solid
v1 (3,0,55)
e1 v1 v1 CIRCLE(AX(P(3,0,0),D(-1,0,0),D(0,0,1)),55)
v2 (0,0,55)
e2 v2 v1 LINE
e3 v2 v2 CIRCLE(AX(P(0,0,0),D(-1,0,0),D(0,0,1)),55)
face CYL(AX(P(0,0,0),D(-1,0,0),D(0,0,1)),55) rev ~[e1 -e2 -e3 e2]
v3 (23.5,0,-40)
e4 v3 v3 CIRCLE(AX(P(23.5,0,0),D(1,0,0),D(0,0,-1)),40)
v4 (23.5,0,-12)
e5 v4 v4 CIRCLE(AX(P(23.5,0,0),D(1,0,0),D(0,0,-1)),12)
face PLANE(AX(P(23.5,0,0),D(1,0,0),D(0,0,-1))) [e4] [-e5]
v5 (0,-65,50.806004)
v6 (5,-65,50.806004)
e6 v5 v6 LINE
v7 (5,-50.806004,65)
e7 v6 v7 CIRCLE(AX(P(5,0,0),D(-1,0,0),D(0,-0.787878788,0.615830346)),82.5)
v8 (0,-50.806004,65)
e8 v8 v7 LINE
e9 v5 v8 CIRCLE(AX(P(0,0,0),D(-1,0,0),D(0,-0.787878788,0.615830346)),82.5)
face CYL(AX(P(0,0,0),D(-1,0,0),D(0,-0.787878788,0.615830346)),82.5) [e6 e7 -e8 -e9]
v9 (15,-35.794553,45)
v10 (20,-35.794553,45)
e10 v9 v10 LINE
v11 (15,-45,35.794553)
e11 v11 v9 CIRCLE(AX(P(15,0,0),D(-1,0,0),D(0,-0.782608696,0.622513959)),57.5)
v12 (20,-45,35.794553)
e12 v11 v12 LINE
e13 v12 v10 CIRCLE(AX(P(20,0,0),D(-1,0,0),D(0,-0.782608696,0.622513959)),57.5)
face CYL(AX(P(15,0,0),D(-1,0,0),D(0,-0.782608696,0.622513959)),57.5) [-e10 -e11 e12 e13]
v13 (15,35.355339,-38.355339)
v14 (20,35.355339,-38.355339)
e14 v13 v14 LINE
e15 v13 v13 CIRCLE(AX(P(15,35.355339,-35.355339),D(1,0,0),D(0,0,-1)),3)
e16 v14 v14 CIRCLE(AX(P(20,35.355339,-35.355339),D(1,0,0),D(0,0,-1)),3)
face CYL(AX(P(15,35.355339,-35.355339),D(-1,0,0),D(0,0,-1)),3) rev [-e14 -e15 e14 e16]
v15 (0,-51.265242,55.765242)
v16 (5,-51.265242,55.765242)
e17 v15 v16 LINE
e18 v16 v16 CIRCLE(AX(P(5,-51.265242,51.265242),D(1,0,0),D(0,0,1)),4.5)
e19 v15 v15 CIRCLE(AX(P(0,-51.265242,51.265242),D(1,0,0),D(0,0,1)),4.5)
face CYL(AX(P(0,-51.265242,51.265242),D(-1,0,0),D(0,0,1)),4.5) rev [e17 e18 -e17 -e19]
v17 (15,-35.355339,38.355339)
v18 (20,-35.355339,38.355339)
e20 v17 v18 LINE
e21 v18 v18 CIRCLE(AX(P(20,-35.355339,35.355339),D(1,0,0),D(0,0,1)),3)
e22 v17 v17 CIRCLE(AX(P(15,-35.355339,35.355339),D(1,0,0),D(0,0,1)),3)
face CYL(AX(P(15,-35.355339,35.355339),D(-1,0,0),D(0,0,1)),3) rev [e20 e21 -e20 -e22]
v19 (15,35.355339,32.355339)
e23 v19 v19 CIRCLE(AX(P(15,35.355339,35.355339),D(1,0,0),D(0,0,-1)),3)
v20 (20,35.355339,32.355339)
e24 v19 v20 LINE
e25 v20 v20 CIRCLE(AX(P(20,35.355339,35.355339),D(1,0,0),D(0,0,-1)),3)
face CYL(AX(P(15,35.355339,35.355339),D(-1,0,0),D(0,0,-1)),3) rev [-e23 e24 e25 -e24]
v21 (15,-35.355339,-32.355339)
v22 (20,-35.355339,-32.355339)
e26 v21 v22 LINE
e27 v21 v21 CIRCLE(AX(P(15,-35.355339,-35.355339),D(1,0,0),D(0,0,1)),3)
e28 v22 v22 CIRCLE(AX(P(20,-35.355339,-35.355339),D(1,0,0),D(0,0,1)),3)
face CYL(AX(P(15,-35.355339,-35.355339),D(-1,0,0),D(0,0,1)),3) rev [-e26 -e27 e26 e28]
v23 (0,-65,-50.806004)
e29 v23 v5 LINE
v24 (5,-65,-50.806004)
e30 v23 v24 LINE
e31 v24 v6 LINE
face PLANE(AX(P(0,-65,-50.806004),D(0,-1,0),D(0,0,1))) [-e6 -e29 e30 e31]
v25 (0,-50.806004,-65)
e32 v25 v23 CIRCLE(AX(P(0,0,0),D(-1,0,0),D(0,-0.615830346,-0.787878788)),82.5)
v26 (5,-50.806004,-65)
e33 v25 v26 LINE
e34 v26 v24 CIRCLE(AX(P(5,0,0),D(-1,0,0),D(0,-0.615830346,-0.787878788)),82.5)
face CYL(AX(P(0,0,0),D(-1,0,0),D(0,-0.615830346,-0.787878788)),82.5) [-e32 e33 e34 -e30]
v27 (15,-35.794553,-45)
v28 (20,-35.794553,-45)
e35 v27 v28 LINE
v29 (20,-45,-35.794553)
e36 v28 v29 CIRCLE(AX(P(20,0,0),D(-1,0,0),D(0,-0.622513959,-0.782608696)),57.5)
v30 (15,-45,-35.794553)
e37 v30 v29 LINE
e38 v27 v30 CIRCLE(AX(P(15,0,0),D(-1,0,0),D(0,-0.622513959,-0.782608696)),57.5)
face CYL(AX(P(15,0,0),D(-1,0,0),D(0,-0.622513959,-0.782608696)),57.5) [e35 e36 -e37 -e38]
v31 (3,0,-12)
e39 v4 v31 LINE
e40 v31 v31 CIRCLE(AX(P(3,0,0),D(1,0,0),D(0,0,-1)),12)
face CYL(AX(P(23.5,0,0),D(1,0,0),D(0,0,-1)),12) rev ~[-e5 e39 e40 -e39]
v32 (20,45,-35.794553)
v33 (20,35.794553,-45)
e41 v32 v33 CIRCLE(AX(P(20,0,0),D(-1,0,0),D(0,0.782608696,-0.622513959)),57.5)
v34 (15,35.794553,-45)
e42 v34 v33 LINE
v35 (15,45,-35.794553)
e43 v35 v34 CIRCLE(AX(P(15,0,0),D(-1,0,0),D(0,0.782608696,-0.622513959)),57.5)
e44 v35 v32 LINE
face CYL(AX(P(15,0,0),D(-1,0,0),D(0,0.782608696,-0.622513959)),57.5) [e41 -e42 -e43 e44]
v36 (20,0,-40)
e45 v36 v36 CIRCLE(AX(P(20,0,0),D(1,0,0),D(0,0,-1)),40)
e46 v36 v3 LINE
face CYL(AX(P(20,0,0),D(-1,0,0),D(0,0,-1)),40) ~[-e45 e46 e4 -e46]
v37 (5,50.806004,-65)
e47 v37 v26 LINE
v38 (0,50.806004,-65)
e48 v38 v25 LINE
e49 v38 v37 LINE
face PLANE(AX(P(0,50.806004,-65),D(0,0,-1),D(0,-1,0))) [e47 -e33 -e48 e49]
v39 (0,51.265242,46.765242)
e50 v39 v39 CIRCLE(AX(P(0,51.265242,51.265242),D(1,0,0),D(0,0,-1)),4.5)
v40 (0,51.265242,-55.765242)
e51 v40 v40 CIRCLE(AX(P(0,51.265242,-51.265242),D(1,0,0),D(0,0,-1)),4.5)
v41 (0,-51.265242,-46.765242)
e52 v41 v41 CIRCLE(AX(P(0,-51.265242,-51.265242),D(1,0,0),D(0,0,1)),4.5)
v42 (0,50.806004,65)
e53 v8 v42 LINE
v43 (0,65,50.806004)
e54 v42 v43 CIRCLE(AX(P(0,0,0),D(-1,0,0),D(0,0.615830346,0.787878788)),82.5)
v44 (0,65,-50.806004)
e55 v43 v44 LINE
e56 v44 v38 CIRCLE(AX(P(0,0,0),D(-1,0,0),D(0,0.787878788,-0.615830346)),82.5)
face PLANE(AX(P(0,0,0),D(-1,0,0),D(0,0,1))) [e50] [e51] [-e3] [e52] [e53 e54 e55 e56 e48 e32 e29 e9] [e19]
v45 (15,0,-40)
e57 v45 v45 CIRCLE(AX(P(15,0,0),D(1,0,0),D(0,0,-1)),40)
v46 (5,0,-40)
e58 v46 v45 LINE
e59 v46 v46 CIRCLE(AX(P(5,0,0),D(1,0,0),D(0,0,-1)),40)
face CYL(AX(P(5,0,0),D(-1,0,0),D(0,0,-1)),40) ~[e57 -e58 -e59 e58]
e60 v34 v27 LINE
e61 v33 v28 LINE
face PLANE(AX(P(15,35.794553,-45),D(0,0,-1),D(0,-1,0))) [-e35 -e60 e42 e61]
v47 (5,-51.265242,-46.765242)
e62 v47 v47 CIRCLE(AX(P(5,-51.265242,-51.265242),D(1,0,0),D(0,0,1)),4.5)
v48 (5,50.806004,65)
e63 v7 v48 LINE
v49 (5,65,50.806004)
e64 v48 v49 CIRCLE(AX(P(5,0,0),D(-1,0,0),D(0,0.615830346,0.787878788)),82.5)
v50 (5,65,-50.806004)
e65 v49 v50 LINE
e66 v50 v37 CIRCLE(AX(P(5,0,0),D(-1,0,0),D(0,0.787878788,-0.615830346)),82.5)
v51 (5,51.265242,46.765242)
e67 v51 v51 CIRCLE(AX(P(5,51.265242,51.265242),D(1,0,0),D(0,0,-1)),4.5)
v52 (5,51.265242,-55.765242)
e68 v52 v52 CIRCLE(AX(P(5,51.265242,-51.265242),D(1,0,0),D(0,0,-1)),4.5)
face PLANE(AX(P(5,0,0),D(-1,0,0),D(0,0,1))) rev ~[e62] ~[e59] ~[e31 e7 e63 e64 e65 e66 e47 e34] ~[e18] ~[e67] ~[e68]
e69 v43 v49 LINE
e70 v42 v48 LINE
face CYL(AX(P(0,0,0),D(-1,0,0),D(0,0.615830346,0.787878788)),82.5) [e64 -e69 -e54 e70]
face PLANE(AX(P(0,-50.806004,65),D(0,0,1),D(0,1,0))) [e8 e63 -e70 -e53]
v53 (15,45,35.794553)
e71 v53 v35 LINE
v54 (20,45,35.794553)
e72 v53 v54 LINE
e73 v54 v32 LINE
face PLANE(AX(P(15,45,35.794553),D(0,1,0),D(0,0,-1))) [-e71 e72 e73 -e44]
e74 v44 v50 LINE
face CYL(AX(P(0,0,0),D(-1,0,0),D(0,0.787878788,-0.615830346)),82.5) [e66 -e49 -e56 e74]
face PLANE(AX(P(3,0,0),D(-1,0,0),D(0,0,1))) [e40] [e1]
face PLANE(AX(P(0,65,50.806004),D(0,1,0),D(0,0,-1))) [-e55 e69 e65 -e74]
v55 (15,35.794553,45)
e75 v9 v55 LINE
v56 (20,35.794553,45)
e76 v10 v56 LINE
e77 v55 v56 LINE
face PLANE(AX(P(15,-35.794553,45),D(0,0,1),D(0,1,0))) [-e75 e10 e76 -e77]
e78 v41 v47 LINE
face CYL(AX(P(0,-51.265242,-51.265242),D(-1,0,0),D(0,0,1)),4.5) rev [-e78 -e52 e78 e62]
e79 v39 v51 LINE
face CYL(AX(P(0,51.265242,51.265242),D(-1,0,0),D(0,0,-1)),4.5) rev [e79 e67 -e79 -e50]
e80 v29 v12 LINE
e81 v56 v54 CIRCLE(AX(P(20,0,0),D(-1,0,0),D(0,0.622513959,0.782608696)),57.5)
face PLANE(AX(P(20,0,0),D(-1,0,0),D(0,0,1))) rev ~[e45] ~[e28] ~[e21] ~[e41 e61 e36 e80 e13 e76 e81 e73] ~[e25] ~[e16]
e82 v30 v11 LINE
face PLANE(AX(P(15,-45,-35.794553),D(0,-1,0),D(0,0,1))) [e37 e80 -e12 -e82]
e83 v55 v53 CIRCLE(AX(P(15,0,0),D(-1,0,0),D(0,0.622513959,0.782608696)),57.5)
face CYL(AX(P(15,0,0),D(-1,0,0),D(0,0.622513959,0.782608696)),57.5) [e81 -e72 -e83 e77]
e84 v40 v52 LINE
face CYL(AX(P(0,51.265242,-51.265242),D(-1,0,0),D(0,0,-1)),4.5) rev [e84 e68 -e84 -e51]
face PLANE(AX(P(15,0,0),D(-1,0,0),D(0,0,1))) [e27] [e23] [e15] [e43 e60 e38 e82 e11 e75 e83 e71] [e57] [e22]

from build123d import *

# Parameters (mm, degrees)
SKETCH_1_R          = 4.5
EXTRUDE_1_DEPTH     = 5
SKETCH_2_R          = 55
CUT_EXTRUDE_1_DEPTH = 3
SKETCH_3_R          = 40
EXTRUDE_2_DEPTH     = 10
SKETCH_4_R          = 3
EXTRUDE_3_DEPTH     = 5
SKETCH_5_R          = 40
EXTRUDE_4_DEPTH     = 3.5
SKETCH_6_R          = 12
CUT_EXTRUDE_2_DEPTH = 95.880187605


with BuildPart() as part:
    # 草图1 → 凸台-拉伸1 (new body)
    with BuildSketch(Plane(origin=(0, 0, 0), x_dir=(0, 0, -1), z_dir=(1, 0, 0))):
        with BuildLine():
            Line((50.806003582, -65), (-50.806003582, -65))
            ThreePointArc((-50.806003582, -65), (-58.336309448, -58.336309448), (-65, -50.806003582))
            Line((-65, -50.806003582), (-65, 50.806003582))
            ThreePointArc((-65, 50.806003582), (-58.336309448, 58.336309448), (-50.806003582, 65))
            Line((-50.806003582, 65), (50.806003582, 65))
            ThreePointArc((50.806003582, 65), (58.336309448, 58.336309448), (65, 50.806003582))
            Line((65, 50.806003582), (65, -50.806003582))
            ThreePointArc((65, -50.806003582), (58.336309448, -58.336309448), (50.806003582, -65))
        make_face()
        with Locations((-51.265241636, 51.265241636)):
            Circle(SKETCH_1_R, mode=Mode.SUBTRACT)
        with Locations(Location((51.265241636, -51.265241636, 0), (0, 0, 180))):
            Circle(SKETCH_1_R, mode=Mode.SUBTRACT)
        with Locations((51.265241636, 51.265241636)):
            Circle(SKETCH_1_R, mode=Mode.SUBTRACT)
        with Locations(Location((-51.265241636, -51.265241636, 0), (0, 0, 180))):
            Circle(SKETCH_1_R, mode=Mode.SUBTRACT)
    extrude(amount=EXTRUDE_1_DEPTH)

    # 草图2 → 切除-拉伸1 (cut)
    with BuildSketch(Plane.ZY):
        Circle(SKETCH_2_R)
    extrude(amount=-CUT_EXTRUDE_1_DEPTH, mode=Mode.SUBTRACT)

    # 草图3 → 凸台-拉伸2 (add)
    with BuildSketch(Plane(origin=(5, 0, 0), x_dir=(0, 0, -1), z_dir=(1, 0, 0))):
        Circle(SKETCH_3_R)
    extrude(amount=EXTRUDE_2_DEPTH)

    # 草图4 → 凸台-拉伸3 (add)
    with BuildSketch(Plane(origin=(15, 0, 0), x_dir=(0, 0, -1), z_dir=(1, 0, 0))):
        with BuildLine():
            Line((35.794552658, -45), (-35.794552658, -45))
            ThreePointArc((-35.794552658, -45), (-40.658639918, -40.658639918), (-45, -35.794552658))
            Line((-45, -35.794552658), (-45, 35.794552658))
            ThreePointArc((-45, 35.794552658), (-40.658639918, 40.658639918), (-35.794552658, 45))
            Line((-35.794552658, 45), (35.794552658, 45))
            ThreePointArc((35.794552658, 45), (40.658639918, 40.658639918), (45, 35.794552658))
            Line((45, 35.794552658), (45, -35.794552658))
            ThreePointArc((45, -35.794552658), (40.658639918, -40.658639918), (35.794552658, -45))
        make_face()
        with Locations((-35.355339059, 35.355339059)):
            Circle(SKETCH_4_R, mode=Mode.SUBTRACT)
        with Locations(Location((35.355339059, -35.355339059, 0), (0, 0, 180))):
            Circle(SKETCH_4_R, mode=Mode.SUBTRACT)
        with Locations((35.355339059, 35.355339059)):
            Circle(SKETCH_4_R, mode=Mode.SUBTRACT)
        with Locations(Location((-35.355339059, -35.355339059, 0), (0, 0, 180))):
            Circle(SKETCH_4_R, mode=Mode.SUBTRACT)
    extrude(amount=EXTRUDE_3_DEPTH)

    # 草图5 → 凸台-拉伸4 (add)
    with BuildSketch(Plane(origin=(20, 0, 0), x_dir=(0, 0, -1), z_dir=(1, 0, 0))):
        Circle(SKETCH_5_R)
    extrude(amount=EXTRUDE_4_DEPTH)

    # 草图6 → 切除-拉伸2 (cut, through all)
    with BuildSketch(Plane(origin=(23.5, 0, 0), x_dir=(0, 0, -1), z_dir=(1, 0, 0))):
        Circle(SKETCH_6_R)
    extrude(amount=-CUT_EXTRUDE_2_DEPTH, mode=Mode.SUBTRACT)


solid = part.part
